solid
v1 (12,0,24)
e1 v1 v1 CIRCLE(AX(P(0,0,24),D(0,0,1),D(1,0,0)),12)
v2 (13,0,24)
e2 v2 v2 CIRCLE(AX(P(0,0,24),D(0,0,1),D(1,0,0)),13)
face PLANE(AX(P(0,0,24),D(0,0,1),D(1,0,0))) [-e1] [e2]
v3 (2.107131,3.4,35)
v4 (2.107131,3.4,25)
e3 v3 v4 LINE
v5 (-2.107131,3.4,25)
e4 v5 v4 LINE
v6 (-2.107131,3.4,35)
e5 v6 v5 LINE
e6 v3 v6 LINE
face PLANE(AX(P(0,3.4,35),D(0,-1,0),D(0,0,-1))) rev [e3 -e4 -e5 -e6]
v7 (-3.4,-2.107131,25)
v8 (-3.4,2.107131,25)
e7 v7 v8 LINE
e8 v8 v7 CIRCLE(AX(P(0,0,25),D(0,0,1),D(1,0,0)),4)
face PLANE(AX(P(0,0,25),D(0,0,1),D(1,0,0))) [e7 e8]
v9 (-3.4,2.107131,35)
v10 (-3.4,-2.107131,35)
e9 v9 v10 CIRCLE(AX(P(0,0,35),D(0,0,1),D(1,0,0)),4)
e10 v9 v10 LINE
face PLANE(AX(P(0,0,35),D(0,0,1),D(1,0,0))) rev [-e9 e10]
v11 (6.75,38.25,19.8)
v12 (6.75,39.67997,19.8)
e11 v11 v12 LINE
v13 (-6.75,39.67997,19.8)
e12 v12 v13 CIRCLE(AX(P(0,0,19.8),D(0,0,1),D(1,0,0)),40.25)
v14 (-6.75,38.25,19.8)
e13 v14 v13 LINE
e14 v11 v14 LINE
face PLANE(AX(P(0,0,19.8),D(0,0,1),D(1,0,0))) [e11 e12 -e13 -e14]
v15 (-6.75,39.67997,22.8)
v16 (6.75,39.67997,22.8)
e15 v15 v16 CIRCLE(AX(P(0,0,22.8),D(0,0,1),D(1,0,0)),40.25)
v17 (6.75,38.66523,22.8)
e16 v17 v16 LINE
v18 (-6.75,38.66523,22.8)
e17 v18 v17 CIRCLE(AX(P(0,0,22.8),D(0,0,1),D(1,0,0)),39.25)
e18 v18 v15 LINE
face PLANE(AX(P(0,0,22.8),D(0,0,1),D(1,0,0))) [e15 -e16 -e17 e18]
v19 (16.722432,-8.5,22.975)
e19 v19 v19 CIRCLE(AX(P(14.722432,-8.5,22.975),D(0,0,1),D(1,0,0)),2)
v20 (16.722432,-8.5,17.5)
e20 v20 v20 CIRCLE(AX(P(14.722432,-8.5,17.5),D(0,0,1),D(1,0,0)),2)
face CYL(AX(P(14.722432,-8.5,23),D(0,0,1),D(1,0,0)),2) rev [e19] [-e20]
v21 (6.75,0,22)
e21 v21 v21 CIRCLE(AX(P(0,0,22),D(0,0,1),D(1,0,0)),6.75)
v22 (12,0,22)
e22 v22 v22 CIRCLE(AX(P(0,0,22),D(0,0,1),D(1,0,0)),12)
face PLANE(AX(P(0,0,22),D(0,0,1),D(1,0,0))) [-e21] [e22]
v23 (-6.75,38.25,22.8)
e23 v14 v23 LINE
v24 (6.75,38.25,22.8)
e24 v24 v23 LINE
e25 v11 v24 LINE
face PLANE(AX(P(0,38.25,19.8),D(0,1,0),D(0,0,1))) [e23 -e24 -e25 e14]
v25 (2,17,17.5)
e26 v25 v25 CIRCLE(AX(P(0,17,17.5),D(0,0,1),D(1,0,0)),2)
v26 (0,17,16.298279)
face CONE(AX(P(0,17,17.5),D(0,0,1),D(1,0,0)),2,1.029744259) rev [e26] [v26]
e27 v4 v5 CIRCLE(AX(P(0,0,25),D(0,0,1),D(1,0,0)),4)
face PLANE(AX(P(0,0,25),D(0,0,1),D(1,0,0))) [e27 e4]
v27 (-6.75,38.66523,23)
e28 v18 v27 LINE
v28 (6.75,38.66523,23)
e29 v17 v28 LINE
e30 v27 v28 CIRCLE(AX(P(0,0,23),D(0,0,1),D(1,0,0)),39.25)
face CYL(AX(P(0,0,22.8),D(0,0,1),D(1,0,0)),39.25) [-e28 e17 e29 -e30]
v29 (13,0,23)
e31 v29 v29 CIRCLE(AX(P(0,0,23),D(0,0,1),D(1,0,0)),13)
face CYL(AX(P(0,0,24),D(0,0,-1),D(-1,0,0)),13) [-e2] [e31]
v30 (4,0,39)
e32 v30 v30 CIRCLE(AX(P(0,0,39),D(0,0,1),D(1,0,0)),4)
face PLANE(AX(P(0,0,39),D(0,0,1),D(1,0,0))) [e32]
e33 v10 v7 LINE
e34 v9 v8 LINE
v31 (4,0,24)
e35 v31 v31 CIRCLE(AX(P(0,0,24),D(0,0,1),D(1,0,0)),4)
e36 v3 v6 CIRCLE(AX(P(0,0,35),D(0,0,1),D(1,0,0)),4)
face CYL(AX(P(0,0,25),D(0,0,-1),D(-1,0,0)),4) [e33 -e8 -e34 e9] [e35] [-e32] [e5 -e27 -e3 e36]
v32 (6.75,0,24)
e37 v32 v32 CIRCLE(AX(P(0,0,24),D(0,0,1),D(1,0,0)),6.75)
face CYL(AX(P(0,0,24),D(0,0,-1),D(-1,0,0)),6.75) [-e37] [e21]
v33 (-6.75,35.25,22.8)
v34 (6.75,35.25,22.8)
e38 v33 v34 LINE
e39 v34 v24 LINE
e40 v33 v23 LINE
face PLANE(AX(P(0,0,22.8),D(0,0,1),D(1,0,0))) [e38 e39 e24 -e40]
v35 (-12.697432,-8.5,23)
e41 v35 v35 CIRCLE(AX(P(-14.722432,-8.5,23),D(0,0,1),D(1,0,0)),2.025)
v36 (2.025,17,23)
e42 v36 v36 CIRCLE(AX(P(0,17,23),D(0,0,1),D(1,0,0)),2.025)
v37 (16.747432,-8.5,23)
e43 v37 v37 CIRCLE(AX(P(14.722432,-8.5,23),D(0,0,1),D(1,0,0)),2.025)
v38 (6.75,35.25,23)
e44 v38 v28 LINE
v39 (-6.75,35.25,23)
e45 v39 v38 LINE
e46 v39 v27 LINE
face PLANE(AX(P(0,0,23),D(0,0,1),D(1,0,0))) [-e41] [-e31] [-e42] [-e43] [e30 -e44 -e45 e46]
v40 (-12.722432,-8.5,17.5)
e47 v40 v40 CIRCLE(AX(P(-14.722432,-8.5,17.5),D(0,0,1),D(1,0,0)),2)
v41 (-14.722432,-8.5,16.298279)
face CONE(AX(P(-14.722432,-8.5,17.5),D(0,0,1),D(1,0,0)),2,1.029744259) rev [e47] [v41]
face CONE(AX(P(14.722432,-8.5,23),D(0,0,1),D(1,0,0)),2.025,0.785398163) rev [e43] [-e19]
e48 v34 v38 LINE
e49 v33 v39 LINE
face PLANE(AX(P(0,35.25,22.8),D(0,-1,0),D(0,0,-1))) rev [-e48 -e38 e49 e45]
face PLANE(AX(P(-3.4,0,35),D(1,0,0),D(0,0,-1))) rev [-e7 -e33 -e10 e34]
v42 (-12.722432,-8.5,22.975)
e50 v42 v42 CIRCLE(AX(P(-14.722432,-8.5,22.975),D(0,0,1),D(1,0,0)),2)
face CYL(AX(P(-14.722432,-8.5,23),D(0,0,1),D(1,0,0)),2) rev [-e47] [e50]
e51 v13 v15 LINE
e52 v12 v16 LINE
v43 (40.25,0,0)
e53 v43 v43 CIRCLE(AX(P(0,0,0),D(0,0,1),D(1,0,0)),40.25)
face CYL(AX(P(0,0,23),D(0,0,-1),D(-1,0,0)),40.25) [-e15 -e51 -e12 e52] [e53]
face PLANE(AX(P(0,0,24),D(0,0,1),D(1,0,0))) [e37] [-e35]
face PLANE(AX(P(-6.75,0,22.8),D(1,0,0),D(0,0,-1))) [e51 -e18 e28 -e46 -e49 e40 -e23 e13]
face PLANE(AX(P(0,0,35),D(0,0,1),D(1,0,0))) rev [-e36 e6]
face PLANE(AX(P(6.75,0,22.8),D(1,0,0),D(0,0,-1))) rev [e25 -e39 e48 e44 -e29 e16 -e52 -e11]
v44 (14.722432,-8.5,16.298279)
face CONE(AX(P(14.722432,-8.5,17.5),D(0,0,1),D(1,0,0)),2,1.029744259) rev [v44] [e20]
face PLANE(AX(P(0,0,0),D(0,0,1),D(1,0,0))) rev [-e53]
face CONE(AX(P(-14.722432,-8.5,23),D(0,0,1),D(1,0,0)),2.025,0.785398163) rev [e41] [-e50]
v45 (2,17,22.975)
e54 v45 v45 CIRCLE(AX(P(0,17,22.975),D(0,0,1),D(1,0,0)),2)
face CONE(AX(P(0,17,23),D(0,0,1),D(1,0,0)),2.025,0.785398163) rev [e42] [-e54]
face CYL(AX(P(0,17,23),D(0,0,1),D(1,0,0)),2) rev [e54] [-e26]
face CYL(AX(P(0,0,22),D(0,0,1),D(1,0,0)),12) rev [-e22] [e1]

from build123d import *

# Parameters (mm, degrees)
SKETCH1_R                       = 40.25
BOSS_EXTRUDE1_DEPTH             = 23
SKETCH2_R                       = 12
CUT_EXTRUDE1_DEPTH              = 1
BOSS_EXTRUDE2_START             = 1
SKETCH3_R                       = 13
SKETCH3_R_2                     = 12
BOSS_EXTRUDE2_DEPTH             = 1
SKETCH4_R                       = 6.75
BOSS_EXTRUDE3_DEPTH             = 2
SKETCH7_R                       = 4
BOSS_EXTRUDE5_DEPTH             = 1
BOSS_EXTRUDE6_DEPTH             = 11
SKETCH8_R                       = 4
BOSS_EXTRUDE7_DEPTH             = 4
CUT_EXTRUDE2_START              = -0.2
SKETCH9_R                       = 40.25
SKETCH9_R_2                     = 39.25
CUT_EXTRUDE2_DEPTH              = 0.2
CUT_EXTRUDE4_START              = -0.2
CUT_EXTRUDE4_DEPTH              = 0.2
CUT_EXTRUDE5_START              = -3
CUT_EXTRUDE5_DEPTH              = 3
F_4_0MM_DOWEL_HOLE1_D           = 4
F_4_0MM_DOWEL_HOLE1_DEPTH       = 5.5
F_4_0MM_DOWEL_HOLE1_CSINK_D     = 4.05
F_4_0MM_DOWEL_HOLE1_CSINK_ANGLE = 90
F_4_0MM_DOWEL_HOLE1_TIP         = 1.201721238


with BuildPart() as part:
    # Sketch1 → Boss-Extrude1 (new body)
    with BuildSketch(Plane.XY):
        Circle(SKETCH1_R)
    extrude(amount=BOSS_EXTRUDE1_DEPTH)

    # Sketch2 → Cut-Extrude1 (cut)
    with BuildSketch(Plane.XY.offset(23)):
        Circle(SKETCH2_R)
    extrude(amount=-CUT_EXTRUDE1_DEPTH, mode=Mode.SUBTRACT)

    # Sketch3 → Boss-Extrude2 (add)
    with BuildSketch(Plane.XY.offset(23).offset(BOSS_EXTRUDE2_START)):
        Circle(SKETCH3_R)
        Circle(SKETCH3_R_2, mode=Mode.SUBTRACT)
    extrude(amount=-BOSS_EXTRUDE2_DEPTH)

    # Sketch4 → Boss-Extrude3 (add)
    with BuildSketch(Plane.XY.offset(22)):
        Circle(SKETCH4_R)
    extrude(amount=BOSS_EXTRUDE3_DEPTH)

    # Sketch7 → Boss-Extrude5 (add)
    with BuildSketch(Plane.XY.offset(24)):
        Circle(SKETCH7_R)
    extrude(amount=BOSS_EXTRUDE5_DEPTH)

    # Sketch5 → Boss-Extrude6 (add)
    with BuildSketch(Plane.XY.offset(24)):
        with BuildLine():
            Line((0, 0), (0, -4))
            ThreePointArc((0, -4), (2.828427125, -2.828427125), (4, 0))
            Line((4, 0), (0, 0))
        make_face()
        with BuildLine():
            Line((0, 3.4), (0, 0))
            Line((0, 0), (4, 0))
            ThreePointArc((4, 0), (3.494890771, 1.945697433), (2.107130751, 3.4))
            Line((2.107130751, 3.4), (0, 3.4))
        make_face()
        with BuildLine():
            Line((-3.4, 0), (0, 0))
            Line((0, 0), (0, 3.4))
            Line((0, 3.4), (-2.107130751, 3.4))
            ThreePointArc((-2.107130751, 3.4), (-2.828427125, 2.828427125), (-3.4, 2.107130751))
            Line((-3.4, 2.107130751), (-3.4, 0))
        make_face()
        with BuildLine():
            ThreePointArc((-3.4, -2.107130751), (-1.945697433, -3.494890771), (0, -4))
            Line((0, -4), (0, 0))
            Line((0, 0), (-3.4, 0))
            Line((-3.4, 0), (-3.4, -2.107130751))
        make_face()
    extrude(amount=BOSS_EXTRUDE6_DEPTH)

    # Sketch8 → Boss-Extrude7 (add)
    with BuildSketch(Plane.XY.offset(35)):
        Circle(SKETCH8_R)
    extrude(amount=BOSS_EXTRUDE7_DEPTH)

    # Sketch9 → Cut-Extrude2 (cut)
    with BuildSketch(Plane.XY.offset(23).offset(CUT_EXTRUDE2_START)):
        Circle(SKETCH9_R)
        Circle(SKETCH9_R_2, mode=Mode.SUBTRACT)
    extrude(amount=CUT_EXTRUDE2_DEPTH, mode=Mode.SUBTRACT)

    # Sketch11 → Cut-Extrude4 (cut)
    with BuildSketch(Plane.XY.offset(23).offset(CUT_EXTRUDE4_START)):
        with BuildLine():
            ThreePointArc((6.75, 38.665229858), (3.387641367, 39.103534188), (0, 39.25))
            Line((0, 39.25), (0, 35.25))
            Line((0, 35.25), (6.75, 35.25))
            Line((6.75, 35.25), (6.75, 38.665229858))
        make_face()
        with BuildLine():
            Line((0, 35.25), (0, 39.25))
            ThreePointArc((0, 39.25), (-3.387641367, 39.103534188), (-6.75, 38.665229858))
            Line((-6.75, 38.665229858), (-6.75, 35.25))
            Line((-6.75, 35.25), (0, 35.25))
        make_face()
    extrude(amount=CUT_EXTRUDE4_DEPTH, mode=Mode.SUBTRACT)

    # Sketch12 → Cut-Extrude5 (cut)
    with BuildSketch(Plane.XY.offset(22.8).offset(CUT_EXTRUDE5_START)):
        with BuildLine():
            Line((-6.75, 38.25), (6.75, 38.25))
            Line((6.75, 38.25), (6.75, 38.665229858))
            Line((6.75, 38.665229858), (6.75, 39.679969758))
            ThreePointArc((6.75, 39.679969758), (3.820610596, 40.068259691), (0.870628209, 40.24058283))
            Line((0.870628209, 40.24058283), (-0.870628209, 40.24058283))
            ThreePointArc((-0.870628209, 40.24058283), (-3.820610596, 40.068259691), (-6.75, 39.679969758))
            Line((-6.75, 39.679969758), (-6.75, 38.665229858))
            Line((-6.75, 38.665229858), (-6.75, 38.25))
        make_face()
        with BuildLine():
            Line((-0.870628209, 40.24058283), (0.870628209, 40.24058283))
            ThreePointArc((0.870628209, 40.24058283), (0, 40.25), (-0.870628209, 40.24058283))
        make_face()
    extrude(amount=CUT_EXTRUDE5_DEPTH, mode=Mode.SUBTRACT)

    # Ø4.0mm Dowel Hole1
    with Locations(Plane.XY.offset(23)):
        with Locations((0, 17), (14.722431864, -8.5), (-14.722431864, -8.5)):
            CounterSinkHole(F_4_0MM_DOWEL_HOLE1_D / 2, F_4_0MM_DOWEL_HOLE1_CSINK_D / 2, depth=F_4_0MM_DOWEL_HOLE1_DEPTH, counter_sink_angle=F_4_0MM_DOWEL_HOLE1_CSINK_ANGLE)
            with Locations((0, 0, -(F_4_0MM_DOWEL_HOLE1_DEPTH + F_4_0MM_DOWEL_HOLE1_TIP / 2))):  # 118° drill point
                Cone(0, F_4_0MM_DOWEL_HOLE1_D / 2, F_4_0MM_DOWEL_HOLE1_TIP, mode=Mode.SUBTRACT)


solid = part.part
